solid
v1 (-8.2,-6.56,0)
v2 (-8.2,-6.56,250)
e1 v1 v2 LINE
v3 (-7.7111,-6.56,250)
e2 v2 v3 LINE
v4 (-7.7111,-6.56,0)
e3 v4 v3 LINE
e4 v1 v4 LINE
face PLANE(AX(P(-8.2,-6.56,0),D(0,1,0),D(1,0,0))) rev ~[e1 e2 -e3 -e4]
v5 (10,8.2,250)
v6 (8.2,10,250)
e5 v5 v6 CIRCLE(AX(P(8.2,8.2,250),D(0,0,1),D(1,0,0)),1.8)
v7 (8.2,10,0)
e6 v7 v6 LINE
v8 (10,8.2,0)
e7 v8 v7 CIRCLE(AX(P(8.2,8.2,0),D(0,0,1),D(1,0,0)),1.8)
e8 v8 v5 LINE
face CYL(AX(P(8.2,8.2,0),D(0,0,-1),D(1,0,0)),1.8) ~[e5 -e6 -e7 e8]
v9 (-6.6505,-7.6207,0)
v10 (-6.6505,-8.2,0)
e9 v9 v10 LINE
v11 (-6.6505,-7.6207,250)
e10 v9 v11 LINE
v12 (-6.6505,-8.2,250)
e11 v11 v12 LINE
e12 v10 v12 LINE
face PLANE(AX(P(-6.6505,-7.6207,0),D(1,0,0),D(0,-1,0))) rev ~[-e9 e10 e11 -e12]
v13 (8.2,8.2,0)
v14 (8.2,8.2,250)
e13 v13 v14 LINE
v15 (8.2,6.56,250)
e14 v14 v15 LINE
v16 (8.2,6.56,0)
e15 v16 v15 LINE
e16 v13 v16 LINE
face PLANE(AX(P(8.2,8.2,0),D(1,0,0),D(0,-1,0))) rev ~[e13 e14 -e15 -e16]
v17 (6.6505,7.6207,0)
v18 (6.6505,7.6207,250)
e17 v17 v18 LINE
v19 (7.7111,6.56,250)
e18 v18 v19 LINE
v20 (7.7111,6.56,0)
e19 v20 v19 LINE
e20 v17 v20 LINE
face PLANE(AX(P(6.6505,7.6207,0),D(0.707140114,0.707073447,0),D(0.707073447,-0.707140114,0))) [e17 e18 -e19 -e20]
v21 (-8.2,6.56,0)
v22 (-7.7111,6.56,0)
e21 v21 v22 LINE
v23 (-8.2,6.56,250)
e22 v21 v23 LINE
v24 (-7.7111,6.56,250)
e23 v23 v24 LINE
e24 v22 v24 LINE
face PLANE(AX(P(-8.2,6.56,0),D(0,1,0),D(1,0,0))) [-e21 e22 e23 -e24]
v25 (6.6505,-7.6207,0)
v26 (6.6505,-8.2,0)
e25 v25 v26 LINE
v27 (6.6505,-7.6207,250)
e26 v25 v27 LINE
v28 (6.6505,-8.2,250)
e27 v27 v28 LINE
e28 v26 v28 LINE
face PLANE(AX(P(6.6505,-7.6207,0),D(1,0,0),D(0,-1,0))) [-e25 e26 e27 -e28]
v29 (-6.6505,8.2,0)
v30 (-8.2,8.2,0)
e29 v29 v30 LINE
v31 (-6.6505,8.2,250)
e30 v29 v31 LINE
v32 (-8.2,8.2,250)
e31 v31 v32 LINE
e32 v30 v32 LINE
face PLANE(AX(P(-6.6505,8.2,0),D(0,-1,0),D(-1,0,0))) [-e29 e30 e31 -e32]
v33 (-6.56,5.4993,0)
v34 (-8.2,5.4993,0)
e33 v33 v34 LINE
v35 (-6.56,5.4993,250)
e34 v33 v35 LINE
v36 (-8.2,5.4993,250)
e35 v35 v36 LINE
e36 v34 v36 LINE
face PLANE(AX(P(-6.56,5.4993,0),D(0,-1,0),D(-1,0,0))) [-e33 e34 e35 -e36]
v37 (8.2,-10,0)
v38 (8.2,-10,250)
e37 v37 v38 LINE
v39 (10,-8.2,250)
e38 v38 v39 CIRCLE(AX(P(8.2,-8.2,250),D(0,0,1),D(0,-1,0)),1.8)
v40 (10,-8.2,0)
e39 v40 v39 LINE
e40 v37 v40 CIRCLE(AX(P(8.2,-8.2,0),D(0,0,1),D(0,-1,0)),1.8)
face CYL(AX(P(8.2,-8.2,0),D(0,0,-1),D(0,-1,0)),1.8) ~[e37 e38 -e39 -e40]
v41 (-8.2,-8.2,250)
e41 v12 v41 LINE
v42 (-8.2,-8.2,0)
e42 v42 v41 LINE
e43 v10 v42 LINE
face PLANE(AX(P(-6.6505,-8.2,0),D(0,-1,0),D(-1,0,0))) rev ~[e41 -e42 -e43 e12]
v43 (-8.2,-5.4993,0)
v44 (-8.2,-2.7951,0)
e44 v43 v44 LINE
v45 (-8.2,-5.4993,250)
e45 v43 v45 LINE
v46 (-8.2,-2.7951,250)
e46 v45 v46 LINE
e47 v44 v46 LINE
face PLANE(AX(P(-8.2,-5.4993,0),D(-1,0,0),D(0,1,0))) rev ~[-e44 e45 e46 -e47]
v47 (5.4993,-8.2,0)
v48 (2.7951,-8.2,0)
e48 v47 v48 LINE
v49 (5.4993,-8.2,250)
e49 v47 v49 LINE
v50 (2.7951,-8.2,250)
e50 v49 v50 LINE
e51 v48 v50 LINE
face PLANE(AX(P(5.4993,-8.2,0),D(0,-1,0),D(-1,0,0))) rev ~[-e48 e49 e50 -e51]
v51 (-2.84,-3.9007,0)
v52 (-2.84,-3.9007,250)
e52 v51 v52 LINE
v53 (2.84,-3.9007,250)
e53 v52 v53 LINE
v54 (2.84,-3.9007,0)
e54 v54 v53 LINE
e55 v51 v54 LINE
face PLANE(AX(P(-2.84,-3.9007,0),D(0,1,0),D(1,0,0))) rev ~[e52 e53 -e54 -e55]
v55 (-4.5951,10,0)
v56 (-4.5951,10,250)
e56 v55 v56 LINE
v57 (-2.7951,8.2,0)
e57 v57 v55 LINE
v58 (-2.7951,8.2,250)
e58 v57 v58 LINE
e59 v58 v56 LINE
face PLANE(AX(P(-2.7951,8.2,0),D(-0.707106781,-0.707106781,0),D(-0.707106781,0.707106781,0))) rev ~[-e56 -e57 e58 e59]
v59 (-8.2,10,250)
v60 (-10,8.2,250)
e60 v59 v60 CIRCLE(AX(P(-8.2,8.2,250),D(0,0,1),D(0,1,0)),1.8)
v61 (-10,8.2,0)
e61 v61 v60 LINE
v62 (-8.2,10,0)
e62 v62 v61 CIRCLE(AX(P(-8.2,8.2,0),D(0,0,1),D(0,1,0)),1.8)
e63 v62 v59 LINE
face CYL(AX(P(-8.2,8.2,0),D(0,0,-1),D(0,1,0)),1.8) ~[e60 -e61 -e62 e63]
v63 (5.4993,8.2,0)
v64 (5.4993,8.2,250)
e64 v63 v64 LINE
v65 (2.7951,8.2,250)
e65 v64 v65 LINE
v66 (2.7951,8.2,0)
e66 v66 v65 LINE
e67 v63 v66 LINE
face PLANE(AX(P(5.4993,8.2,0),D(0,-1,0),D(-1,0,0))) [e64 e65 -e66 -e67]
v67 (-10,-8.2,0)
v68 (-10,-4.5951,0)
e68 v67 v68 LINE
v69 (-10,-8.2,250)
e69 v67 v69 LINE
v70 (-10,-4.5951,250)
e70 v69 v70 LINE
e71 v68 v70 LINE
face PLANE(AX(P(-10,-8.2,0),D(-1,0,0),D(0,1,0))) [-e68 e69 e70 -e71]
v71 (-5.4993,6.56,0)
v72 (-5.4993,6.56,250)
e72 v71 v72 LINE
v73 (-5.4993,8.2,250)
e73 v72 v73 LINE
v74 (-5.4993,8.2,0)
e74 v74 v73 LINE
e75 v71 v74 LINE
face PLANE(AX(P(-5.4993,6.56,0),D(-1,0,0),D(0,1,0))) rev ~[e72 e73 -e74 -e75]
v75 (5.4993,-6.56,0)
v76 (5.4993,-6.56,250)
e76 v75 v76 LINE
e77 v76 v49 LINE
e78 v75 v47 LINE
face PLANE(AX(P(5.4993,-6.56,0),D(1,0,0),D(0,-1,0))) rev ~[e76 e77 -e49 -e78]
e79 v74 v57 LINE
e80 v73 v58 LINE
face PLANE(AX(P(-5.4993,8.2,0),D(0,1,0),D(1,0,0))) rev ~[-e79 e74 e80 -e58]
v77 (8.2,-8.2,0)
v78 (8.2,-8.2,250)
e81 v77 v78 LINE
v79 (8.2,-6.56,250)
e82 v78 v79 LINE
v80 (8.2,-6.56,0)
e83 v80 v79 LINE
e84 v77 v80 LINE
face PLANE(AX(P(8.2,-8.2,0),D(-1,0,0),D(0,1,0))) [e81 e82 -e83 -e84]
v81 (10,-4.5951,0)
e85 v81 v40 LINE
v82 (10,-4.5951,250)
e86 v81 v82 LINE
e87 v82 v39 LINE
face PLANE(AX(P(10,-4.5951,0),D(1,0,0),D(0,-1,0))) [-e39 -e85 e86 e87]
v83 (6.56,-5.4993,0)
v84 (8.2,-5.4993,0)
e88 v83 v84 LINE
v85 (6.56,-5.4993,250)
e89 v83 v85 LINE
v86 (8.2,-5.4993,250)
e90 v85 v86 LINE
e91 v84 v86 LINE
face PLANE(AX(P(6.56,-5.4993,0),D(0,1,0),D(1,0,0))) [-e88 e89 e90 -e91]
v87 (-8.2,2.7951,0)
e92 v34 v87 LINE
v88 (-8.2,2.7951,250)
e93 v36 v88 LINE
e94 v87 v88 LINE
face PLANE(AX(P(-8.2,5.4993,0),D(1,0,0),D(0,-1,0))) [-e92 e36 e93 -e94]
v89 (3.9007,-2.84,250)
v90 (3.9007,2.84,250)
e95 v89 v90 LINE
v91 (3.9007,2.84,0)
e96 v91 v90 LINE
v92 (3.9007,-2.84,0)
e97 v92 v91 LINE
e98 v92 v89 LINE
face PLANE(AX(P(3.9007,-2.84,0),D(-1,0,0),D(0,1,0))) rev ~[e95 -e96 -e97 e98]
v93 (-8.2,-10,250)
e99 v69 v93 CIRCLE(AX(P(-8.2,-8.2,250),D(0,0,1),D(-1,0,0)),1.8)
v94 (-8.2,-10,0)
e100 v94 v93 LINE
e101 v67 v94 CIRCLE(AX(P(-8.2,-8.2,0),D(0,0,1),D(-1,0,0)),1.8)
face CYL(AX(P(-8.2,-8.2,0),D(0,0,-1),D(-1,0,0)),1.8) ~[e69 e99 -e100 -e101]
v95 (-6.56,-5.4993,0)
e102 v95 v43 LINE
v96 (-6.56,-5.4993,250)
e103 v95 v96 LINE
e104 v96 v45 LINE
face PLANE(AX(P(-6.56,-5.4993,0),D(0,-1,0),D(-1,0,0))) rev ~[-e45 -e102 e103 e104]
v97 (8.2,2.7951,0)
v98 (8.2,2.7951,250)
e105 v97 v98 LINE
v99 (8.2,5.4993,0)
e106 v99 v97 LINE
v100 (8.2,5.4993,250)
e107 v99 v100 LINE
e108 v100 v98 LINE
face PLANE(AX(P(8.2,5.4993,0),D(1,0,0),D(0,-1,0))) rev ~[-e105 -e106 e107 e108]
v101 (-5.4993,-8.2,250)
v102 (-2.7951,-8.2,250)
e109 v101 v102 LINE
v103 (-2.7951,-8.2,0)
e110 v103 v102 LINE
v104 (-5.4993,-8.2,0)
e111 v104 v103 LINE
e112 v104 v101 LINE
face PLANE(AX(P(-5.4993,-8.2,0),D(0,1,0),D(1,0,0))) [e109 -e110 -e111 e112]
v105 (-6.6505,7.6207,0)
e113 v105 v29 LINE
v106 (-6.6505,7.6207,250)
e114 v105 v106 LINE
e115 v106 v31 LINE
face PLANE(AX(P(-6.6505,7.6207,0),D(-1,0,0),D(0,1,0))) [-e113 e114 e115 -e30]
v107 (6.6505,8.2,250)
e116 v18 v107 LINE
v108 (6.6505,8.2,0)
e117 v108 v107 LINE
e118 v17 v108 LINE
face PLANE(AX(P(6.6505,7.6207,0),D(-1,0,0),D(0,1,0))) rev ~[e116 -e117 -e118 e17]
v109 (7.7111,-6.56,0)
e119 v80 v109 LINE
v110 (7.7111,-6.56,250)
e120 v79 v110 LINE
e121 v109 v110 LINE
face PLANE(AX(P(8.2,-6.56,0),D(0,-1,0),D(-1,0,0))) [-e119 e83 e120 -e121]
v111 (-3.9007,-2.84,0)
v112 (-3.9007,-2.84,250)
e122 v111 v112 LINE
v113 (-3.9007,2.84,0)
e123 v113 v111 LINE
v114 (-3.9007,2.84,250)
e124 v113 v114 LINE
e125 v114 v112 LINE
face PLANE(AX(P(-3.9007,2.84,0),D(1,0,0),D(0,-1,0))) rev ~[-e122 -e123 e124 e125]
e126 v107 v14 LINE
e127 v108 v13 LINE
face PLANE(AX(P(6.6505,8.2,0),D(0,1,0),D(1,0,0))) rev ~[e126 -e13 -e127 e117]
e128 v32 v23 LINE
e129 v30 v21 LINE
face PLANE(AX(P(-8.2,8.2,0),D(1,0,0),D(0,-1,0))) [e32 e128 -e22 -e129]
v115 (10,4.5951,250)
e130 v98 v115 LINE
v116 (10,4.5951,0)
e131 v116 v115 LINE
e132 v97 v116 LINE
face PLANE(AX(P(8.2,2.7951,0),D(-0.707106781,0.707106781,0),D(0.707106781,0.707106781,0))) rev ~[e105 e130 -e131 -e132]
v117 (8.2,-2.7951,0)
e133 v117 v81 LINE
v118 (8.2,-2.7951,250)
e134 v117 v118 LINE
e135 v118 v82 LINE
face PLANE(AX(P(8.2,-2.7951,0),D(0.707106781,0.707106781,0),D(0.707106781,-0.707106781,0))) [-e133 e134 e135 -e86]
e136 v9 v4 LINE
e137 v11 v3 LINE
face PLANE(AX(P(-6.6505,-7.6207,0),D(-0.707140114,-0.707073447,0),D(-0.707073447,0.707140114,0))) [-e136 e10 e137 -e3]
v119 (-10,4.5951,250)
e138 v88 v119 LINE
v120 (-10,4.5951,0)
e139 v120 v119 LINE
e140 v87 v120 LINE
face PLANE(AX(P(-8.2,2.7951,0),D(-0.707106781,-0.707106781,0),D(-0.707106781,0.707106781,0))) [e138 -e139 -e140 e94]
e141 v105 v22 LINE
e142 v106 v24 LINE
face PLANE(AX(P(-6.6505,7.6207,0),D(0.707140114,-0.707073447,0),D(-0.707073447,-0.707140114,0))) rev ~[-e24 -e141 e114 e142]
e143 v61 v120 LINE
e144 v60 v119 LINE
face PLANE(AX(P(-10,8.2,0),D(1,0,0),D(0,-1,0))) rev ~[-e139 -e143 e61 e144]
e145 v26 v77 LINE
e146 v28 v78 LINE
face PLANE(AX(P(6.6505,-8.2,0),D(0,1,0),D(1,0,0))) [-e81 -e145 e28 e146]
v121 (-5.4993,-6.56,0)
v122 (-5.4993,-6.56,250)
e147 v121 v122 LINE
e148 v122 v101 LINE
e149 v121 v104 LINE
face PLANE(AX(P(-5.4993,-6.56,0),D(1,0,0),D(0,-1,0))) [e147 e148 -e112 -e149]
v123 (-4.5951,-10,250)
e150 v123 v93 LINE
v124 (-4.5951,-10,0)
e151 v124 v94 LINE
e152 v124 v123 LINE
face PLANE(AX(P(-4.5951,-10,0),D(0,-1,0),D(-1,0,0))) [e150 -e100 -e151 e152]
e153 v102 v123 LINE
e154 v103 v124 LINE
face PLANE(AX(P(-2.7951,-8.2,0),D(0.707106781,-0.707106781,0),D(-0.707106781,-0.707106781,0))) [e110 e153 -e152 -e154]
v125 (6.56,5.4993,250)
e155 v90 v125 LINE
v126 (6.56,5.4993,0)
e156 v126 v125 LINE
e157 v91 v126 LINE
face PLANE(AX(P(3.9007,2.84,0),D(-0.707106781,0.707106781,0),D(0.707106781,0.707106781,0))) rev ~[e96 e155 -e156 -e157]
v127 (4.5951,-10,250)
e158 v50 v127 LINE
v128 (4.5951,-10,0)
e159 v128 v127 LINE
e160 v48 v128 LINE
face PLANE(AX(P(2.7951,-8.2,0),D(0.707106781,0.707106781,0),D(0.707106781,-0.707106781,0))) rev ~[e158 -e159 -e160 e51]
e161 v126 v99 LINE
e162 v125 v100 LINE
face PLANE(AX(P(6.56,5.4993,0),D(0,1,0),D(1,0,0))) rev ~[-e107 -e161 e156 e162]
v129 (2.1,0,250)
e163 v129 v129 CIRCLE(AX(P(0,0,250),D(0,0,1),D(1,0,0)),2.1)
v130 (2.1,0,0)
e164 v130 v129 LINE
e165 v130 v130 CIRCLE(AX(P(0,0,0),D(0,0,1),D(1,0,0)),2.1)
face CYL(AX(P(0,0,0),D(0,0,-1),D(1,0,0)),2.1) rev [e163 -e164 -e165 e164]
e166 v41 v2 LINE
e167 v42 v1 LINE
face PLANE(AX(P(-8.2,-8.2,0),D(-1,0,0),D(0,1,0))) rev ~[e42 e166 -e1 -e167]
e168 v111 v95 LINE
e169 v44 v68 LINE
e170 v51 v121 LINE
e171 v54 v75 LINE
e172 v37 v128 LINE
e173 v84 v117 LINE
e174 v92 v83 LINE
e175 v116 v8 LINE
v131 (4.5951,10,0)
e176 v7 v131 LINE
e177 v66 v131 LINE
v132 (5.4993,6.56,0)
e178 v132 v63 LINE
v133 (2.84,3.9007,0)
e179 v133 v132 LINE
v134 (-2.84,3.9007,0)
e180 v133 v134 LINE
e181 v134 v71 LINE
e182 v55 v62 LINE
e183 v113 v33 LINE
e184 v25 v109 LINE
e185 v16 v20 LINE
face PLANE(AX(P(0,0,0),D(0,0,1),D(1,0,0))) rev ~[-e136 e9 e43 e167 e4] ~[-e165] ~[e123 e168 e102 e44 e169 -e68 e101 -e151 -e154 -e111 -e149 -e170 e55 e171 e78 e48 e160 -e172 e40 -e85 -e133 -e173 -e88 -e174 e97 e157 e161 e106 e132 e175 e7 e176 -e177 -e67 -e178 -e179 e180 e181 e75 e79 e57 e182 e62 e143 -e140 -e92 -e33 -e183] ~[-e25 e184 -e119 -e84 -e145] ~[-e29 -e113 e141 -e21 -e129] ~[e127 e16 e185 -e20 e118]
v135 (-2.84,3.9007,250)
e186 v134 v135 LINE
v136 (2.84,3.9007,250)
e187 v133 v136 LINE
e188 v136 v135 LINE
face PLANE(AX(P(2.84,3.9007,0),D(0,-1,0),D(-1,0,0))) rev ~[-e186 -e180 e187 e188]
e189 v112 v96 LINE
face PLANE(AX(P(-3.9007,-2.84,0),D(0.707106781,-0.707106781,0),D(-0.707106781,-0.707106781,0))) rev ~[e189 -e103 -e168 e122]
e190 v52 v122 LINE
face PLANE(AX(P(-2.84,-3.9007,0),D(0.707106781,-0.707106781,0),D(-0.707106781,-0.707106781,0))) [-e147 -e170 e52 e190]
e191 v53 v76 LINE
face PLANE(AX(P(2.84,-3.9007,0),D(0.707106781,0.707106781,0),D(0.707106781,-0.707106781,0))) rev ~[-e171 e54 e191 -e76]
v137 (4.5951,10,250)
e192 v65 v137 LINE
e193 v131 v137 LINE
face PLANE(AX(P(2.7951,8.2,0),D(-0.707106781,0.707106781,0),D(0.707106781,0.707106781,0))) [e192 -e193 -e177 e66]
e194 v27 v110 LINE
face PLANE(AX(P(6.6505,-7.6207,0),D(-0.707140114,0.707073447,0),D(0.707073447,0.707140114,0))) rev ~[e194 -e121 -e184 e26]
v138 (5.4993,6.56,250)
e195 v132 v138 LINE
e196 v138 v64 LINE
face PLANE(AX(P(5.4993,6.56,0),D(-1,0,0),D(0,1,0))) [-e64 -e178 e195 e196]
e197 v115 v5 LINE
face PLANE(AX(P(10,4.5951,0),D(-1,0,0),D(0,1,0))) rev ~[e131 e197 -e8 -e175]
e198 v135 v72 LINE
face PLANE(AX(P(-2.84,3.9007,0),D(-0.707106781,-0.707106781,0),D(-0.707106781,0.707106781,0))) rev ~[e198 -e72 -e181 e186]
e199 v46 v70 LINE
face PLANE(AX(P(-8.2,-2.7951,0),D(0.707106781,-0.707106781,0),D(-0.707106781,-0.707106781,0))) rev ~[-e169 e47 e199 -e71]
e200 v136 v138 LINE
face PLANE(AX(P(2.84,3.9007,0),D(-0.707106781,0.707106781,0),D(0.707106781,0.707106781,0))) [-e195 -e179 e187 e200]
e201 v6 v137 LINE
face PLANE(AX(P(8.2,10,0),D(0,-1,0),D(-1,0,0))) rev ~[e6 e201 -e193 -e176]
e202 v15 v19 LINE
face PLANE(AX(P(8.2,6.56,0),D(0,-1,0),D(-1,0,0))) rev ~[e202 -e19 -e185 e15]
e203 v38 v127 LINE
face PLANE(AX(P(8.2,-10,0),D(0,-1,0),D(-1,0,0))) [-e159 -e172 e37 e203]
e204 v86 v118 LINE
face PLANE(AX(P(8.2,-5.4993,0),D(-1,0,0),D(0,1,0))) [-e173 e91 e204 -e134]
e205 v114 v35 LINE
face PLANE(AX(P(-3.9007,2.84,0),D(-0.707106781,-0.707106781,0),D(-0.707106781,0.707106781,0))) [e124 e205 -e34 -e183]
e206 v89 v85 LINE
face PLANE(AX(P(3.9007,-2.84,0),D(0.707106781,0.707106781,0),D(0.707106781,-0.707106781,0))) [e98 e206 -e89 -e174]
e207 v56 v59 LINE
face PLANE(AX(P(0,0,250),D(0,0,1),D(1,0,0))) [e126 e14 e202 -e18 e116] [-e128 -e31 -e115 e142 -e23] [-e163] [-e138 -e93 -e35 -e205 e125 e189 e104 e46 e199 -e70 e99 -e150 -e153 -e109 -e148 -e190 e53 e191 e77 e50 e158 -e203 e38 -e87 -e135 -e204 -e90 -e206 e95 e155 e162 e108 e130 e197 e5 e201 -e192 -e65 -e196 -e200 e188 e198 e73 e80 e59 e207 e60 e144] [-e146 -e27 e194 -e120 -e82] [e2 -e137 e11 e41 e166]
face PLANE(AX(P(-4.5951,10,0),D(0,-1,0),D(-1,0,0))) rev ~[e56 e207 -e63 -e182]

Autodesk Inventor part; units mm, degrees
ref_plane "YZ Plane" through (0, 0, 0) normal (1, 0, 0) x (0, 1, 0)
ref_plane "Start Plane" through (0, 0, 0) normal (0, 0, 1) x (1, 0, 0)
ref_plane "End Plane" through (0, 0, 20) normal (0, 0, 1) x (1, 0, 0)
sketch "Sketch1" plane through (0, 0, 0) normal (0, 0, 1) x (1, 0, 0)
  line L0 (10, -4.5951) -> (10, -8.2)
  line L1 (-10, -8.2) -> (-10, -4.5951)
  line L2 (-10, 10) -> (10, -10) construction
  line L3 (10, 10) -> (-10, -10) construction
  circle A0 centre (0, 0) radius 2.1
  line L4 (-2.84, -3.9007) -> (2.84, -3.9007)
  line L5 (3.9007, -2.84) -> (3.9007, 2.84)
  line L6 (2.84, 3.9007) -> (-2.84, 3.9007)
  line L7 (-3.9007, 2.84) -> (-3.9007, -2.84)
  line L8 (-3.9007, -3.9007) -> (3.9007, 3.9007) construction
  line L9 (3.9007, -3.9007) -> (-3.9007, 3.9007) construction
  line L10 (-3.9007, -2.84) -> (-2.84, -3.9007) construction
  line L11 (-2.84, -3.9007) -> (-5.4993, -6.56)
  line L12 (-5.4993, -6.56) -> (-5.4993, -8.2)
  line L13 (-5.4993, -8.2) -> (-2.7951, -8.2)
  line L14 (-2.7951, -8.2) -> (-4.5951, -10)
  line L15 (0, 0) -> (0, -3.9007) construction
  line L16 (3.9007, -2.84) -> (2.84, -3.9007) construction
  line L17 (2.84, -3.9007) -> (5.4993, -6.56)
  line L18 (5.4993, -6.56) -> (5.4993, -8.2)
  line L19 (5.4993, -8.2) -> (2.7951, -8.2)
  line L20 (2.7951, -8.2) -> (4.5951, -10)
  line L21 (-2.84, -3.9007) -> (-3.9007, -2.84) construction
  line L22 (-3.9007, -2.84) -> (-6.56, -5.4993)
  line L23 (-6.56, -5.4993) -> (-8.2, -5.4993)
  line L24 (-8.2, -5.4993) -> (-8.2, -2.7951)
  line L25 (-8.2, -2.7951) -> (-10, -4.5951)
  line L26 (3.9007, -2.84) -> (6.56, -5.4993)
  line L27 (6.56, -5.4993) -> (8.2, -5.4993)
  line L28 (8.2, -5.4993) -> (8.2, -2.7951)
  line L29 (8.2, -2.7951) -> (10, -4.5951)
  arc A1 (-10, -8.2) -> (-8.2, -10) centre (-8.2, -8.2) ccw
  arc A2 (8.2, -10) -> (10, -8.2) centre (8.2, -8.2) ccw
  line L30 (-8.2, -6.56) -> (-7.7111, -6.56)
  line L31 (-6.6505, -8.2) -> (-8.2, -8.2)
  line L32 (-8.2, -8.2) -> (-8.2, -6.56)
  line L33 (-6.6505, -7.6207) -> (-7.7111, -6.56)
  line L34 (-6.6505, -7.6207) -> (-6.6505, -8.2)
  line L35 (8.2, -6.56) -> (7.7111, -6.56)
  line L36 (6.6505, -8.2) -> (8.2, -8.2)
  line L37 (8.2, -8.2) -> (8.2, -6.56)
  line L38 (6.6505, -7.6207) -> (7.7111, -6.56)
  line L39 (6.6505, -7.6207) -> (6.6505, -8.2)
  line L40 (8.2, -10) -> (4.5951, -10)
  line L41 (-4.5951, -10) -> (-8.2, -10)
  line L42 (-3.9007, 0) -> (3.9007, 0) construction
  line L43 (10, 4.5951) -> (10, 8.2)
  line L44 (-10, 8.2) -> (-10, 4.5951)
  line L45 (-2.84, 3.9007) -> (2.84, 3.9007)
  line L46 (-3.9007, 2.84) -> (-2.84, 3.9007) construction
  line L47 (-2.84, 3.9007) -> (-5.4993, 6.56)
  line L48 (-5.4993, 6.56) -> (-5.4993, 8.2)
  line L49 (-5.4993, 8.2) -> (-2.7951, 8.2)
  line L50 (-2.7951, 8.2) -> (-4.5951, 10)
  line L51 (2.84, 3.9007) -> (5.4993, 6.56)
  line L52 (5.4993, 6.56) -> (5.4993, 8.2)
  line L53 (5.4993, 8.2) -> (2.7951, 8.2)
  line L54 (2.7951, 8.2) -> (4.5951, 10)
  line L55 (3.9007, 2.84) -> (2.84, 3.9007) construction
  line L56 (-8.2, 2.7951) -> (-10, 4.5951)
  line L57 (-2.84, 3.9007) -> (-3.9007, 2.84) construction
  line L58 (-3.9007, 2.84) -> (-6.56, 5.4993)
  line L59 (-6.56, 5.4993) -> (-8.2, 5.4993)
  line L60 (-8.2, 5.4993) -> (-8.2, 2.7951)
  line L61 (3.9007, 2.84) -> (6.56, 5.4993)
  line L62 (6.56, 5.4993) -> (8.2, 5.4993)
  line L63 (8.2, 5.4993) -> (8.2, 2.7951)
  line L64 (8.2, 2.7951) -> (10, 4.5951)
  arc A3 (-8.2, 10) -> (-10, 8.2) centre (-8.2, 8.2) ccw
  arc A4 (10, 8.2) -> (8.2, 10) centre (8.2, 8.2) ccw
  line L65 (-8.2, 6.56) -> (-7.7111, 6.56)
  line L66 (-6.6505, 8.2) -> (-8.2, 8.2)
  line L67 (-8.2, 8.2) -> (-8.2, 6.56)
  line L68 (-6.6505, 7.6207) -> (-7.7111, 6.56)
  line L69 (-6.6505, 7.6207) -> (-6.6505, 8.2)
  line L70 (8.2, 6.56) -> (7.7111, 6.56)
  line L71 (6.6505, 7.6207) -> (7.7111, 6.56)
  line L72 (8.2, 8.2) -> (8.2, 6.56)
  line L73 (6.6505, 7.6207) -> (6.6505, 8.2)
  line L74 (6.6505, 8.2) -> (8.2, 8.2)
  line L75 (8.2, 10) -> (4.5951, 10)
  line L76 (-4.5951, 10) -> (-8.2, 10)
  line L77 (-8.2, 10) -> (-4.5951, 10)
  line L78 (4.5951, 10) -> (8.2, 10)
  point P0 (8.2, -8.2)
  point P1 (0, 3.9007)
  point P2 (8.2, 8.2)
  dimension "Width" = 20
  dimension "Height" = 20
  dimension "d2" = 4.2
  dimension "d3" = 1.5
  dimension "d4" = 1.64
  dimension "d6" = 5.68
  dimension "d7" = 1.8
  dimension "d9" = 1.5
extrude "Body" add sketch "Sketch1" along normal blind 250
sketch "Sketch4" plane through (0, 0, 0) normal (0, 0, 1) x (1, 0, 0)
  line L0 (0, 0) -> (10, 0)
ref_plane "Work Plane4" through (0, 0, 0) normal (0, -1, 0) x (1, 0, 0)
sketch "Sketch5" plane through (0, 0, 0) normal (0, -1, 0) x (1, 0, 0)
  line L0 (-2, 0) -> (12, 0) construction
  line L1 (-2, 20) -> (12, 20) construction
  dimension "d17" = 20
equation "\"G_OFFSET_START\" = 0"
equation "\"G_OFFSET_END\" = 0"
equation "\"G_L\" = d17"
properties part number "V-slot 20 mm x 20 mm" material "Aluminum 6061"
